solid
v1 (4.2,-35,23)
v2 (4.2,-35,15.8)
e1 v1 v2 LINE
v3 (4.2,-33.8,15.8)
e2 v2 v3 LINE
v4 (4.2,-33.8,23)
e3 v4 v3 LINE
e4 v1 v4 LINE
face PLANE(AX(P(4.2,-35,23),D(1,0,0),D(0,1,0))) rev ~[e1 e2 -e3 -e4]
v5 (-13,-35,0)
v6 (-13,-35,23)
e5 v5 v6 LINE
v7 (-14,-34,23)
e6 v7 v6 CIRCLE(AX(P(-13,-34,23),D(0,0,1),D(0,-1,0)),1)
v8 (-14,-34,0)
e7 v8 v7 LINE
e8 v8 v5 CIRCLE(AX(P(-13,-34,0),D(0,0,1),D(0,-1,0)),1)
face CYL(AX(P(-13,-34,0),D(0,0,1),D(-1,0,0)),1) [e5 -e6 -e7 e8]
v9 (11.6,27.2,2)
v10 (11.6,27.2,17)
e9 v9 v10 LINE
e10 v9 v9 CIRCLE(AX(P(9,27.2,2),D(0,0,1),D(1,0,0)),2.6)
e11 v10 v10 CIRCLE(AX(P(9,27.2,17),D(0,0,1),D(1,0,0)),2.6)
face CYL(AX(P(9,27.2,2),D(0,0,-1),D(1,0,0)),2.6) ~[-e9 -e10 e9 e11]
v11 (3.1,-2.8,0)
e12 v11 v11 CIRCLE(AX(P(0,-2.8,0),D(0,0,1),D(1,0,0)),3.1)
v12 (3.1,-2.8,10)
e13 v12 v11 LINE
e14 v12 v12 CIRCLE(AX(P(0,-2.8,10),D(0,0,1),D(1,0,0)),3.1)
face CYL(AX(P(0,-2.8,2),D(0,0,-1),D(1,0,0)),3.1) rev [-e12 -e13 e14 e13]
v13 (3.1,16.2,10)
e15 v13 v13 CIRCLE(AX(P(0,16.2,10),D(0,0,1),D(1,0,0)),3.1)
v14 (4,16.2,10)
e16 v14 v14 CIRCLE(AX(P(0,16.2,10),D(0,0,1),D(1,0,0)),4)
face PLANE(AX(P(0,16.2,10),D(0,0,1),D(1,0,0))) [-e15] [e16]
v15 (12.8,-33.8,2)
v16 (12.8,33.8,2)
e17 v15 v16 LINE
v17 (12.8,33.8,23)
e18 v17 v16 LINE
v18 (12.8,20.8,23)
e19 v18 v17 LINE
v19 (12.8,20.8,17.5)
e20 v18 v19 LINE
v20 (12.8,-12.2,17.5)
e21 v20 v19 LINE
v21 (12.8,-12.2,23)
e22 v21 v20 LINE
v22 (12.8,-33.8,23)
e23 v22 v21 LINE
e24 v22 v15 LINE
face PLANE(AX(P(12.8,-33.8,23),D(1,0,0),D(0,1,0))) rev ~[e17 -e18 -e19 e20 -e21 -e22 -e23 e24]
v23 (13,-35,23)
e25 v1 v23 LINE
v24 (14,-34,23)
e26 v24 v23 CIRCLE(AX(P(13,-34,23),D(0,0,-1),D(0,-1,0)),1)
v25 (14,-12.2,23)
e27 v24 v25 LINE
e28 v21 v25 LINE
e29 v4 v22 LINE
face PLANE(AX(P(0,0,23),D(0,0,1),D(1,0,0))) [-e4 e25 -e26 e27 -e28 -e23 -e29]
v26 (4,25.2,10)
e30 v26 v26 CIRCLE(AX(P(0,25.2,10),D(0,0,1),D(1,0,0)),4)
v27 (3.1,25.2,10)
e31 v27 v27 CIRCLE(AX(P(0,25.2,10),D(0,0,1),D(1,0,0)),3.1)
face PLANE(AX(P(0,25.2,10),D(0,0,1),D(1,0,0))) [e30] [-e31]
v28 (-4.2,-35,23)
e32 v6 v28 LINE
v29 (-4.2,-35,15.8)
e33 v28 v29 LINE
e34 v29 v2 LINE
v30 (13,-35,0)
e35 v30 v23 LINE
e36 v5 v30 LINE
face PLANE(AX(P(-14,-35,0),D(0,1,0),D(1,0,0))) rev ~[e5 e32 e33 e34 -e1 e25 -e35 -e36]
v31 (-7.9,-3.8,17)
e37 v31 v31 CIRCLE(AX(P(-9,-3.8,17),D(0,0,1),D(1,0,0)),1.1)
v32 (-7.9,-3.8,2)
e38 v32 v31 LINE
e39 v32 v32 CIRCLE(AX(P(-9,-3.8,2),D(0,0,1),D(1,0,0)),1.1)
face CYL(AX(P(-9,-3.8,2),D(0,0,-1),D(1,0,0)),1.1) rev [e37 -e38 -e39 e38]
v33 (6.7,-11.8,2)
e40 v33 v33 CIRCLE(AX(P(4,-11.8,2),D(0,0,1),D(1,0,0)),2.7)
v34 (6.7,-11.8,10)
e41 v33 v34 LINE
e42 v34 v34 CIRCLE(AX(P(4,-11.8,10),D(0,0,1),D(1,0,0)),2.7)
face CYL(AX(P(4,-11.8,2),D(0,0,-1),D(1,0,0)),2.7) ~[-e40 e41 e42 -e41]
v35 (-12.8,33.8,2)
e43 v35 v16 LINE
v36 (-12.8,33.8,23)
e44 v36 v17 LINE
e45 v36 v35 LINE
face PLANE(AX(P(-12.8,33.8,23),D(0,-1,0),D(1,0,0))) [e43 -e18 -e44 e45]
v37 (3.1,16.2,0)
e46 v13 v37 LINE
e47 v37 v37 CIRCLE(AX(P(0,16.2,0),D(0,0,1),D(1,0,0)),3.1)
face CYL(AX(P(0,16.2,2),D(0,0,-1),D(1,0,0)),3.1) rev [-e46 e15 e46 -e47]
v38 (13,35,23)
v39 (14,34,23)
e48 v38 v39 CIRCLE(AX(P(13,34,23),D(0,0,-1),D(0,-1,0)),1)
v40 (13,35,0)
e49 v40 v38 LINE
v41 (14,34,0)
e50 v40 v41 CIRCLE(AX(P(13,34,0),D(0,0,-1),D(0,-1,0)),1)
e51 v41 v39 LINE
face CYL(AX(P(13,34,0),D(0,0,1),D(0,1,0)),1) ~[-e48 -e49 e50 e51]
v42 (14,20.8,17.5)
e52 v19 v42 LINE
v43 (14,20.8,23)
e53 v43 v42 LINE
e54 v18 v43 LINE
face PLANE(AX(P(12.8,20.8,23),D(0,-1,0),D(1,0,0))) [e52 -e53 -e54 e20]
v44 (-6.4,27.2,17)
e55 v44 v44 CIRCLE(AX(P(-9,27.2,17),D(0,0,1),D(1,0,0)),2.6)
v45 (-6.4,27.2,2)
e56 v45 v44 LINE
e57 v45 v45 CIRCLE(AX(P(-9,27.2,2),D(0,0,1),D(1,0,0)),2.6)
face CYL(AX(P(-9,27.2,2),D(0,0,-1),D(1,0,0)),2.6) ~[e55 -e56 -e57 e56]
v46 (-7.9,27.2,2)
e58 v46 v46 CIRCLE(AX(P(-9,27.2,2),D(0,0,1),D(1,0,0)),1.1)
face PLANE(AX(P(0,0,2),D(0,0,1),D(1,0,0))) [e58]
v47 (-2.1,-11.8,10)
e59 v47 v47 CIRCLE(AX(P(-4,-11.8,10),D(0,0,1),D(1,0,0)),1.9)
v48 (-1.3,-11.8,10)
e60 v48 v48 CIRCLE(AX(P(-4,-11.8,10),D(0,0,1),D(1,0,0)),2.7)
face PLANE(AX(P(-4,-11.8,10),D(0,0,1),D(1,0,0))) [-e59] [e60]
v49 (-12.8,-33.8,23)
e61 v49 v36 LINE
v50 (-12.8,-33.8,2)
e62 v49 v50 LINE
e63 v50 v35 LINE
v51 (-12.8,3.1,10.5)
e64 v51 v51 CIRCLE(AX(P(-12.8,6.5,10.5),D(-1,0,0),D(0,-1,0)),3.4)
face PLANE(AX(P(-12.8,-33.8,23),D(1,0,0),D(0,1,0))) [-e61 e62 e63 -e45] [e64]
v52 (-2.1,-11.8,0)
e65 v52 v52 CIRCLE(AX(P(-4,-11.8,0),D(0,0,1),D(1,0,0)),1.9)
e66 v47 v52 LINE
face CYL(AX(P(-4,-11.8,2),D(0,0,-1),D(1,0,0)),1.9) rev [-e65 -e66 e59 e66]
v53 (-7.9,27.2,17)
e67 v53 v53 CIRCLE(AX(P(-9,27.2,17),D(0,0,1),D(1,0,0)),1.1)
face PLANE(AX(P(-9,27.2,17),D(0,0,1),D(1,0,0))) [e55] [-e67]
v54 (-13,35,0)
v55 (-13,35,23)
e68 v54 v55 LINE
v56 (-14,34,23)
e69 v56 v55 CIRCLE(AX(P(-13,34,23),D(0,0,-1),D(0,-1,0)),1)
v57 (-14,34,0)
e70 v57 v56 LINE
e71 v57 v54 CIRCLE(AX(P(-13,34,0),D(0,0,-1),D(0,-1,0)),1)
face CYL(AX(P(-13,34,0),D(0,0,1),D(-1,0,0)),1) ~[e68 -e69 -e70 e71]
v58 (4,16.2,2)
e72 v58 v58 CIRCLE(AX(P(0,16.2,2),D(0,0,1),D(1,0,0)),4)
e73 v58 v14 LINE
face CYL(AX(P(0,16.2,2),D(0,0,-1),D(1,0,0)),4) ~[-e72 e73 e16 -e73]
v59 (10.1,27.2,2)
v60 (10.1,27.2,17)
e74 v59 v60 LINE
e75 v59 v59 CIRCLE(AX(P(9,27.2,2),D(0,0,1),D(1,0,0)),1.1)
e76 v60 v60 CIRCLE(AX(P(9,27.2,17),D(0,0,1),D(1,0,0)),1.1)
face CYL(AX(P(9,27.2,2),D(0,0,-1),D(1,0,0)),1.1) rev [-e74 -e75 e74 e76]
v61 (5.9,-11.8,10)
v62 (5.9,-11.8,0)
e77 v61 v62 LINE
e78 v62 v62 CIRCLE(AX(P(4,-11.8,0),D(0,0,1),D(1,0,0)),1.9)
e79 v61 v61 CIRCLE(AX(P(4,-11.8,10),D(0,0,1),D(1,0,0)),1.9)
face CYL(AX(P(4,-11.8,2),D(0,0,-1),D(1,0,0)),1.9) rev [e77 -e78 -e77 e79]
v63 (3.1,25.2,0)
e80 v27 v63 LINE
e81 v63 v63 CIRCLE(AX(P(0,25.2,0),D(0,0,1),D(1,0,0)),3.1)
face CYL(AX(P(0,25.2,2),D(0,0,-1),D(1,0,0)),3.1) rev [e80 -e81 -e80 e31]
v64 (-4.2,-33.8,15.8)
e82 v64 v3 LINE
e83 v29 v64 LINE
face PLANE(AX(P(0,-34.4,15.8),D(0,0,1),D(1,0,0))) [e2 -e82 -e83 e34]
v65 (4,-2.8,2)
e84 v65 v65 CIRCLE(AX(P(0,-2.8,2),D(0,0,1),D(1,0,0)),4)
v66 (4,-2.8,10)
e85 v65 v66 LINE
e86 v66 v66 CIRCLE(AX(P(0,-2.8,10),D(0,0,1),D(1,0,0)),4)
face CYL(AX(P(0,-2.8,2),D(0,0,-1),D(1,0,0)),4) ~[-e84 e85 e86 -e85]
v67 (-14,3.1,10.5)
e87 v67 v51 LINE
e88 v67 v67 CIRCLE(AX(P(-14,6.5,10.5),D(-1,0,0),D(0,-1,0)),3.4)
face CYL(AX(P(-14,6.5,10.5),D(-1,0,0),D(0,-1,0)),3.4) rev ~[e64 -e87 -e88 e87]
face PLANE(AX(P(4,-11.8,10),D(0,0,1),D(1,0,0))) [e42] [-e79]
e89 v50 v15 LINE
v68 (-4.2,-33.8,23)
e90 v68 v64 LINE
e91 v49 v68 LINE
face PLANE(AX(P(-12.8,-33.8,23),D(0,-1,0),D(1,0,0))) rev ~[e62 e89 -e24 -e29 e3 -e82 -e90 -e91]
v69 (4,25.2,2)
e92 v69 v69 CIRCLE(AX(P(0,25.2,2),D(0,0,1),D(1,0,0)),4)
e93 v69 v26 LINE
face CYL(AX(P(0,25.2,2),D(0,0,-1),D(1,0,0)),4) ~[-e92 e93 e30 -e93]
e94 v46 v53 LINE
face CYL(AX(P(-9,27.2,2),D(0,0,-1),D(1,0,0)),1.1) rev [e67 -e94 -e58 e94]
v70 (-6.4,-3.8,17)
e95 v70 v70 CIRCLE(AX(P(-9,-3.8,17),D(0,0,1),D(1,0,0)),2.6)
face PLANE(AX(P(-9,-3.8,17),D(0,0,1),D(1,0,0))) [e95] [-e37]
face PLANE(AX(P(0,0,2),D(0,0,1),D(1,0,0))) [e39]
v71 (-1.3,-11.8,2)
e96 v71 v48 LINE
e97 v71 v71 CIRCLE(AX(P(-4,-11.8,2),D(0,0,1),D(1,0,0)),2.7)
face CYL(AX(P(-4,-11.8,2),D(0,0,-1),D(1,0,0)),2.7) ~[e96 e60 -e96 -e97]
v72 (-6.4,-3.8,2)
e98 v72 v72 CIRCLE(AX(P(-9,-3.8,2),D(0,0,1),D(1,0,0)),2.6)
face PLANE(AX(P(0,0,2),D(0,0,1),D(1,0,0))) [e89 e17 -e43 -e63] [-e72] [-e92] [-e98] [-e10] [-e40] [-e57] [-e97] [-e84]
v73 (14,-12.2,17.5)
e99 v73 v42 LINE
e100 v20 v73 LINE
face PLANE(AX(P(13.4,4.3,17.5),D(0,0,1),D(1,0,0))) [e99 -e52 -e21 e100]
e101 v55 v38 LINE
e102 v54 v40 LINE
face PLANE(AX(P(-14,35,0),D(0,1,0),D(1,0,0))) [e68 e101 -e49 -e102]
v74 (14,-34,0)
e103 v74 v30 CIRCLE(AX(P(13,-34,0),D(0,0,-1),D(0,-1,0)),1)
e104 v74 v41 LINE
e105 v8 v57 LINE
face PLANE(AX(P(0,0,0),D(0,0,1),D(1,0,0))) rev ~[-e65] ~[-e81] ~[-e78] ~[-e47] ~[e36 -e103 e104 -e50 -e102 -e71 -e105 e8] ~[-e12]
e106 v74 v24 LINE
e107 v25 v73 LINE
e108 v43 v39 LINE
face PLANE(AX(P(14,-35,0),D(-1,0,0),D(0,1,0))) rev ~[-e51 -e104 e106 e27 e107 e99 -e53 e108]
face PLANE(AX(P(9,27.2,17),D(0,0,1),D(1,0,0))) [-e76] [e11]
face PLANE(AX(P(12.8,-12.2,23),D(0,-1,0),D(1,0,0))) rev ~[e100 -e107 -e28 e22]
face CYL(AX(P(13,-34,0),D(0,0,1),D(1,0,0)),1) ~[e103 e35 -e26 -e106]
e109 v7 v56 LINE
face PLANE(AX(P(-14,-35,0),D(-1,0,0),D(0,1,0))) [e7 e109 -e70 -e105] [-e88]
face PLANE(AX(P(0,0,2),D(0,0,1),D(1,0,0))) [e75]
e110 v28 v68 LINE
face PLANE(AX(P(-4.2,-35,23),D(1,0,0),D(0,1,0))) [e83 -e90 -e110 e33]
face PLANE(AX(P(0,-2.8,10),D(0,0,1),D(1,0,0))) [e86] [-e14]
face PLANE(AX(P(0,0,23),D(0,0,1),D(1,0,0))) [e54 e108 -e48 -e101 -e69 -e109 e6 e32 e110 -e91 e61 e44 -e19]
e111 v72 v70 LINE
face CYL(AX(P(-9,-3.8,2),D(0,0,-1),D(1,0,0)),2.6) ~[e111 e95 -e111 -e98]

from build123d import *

# Parameters (mm, degrees)
SKETCH_W        = 28
SKETCH_H        = 70
PAD_DEPTH       = 23
SKETCH001_W     = 25.6
SKETCH001_H     = 67.6
POCKET_DEPTH    = 21
SKETCH002_W     = 1.2
SKETCH002_H     = 33
POCKET001_DEPTH = 5.5
SKETCH003_R     = 2.6
SKETCH003_R_2   = 1.1
PAD001_DEPTH    = 15
SKETCH004_R     = 3.1
SKETCH004_R_2   = 1.9
POCKET002_DEPTH = 2
SKETCH005_R     = 4
SKETCH005_R_2   = 3.1
SKETCH005_R_3   = 2.7
SKETCH005_R_4   = 1.9
PAD002_DEPTH    = 8
SKETCH006_W     = 8.4
SKETCH006_H     = 1.2
POCKET003_DEPTH = 7.2
SKETCH007_R     = 3.4
POCKET004_DEPTH = 2
FILLET_R        = 1


with BuildPart() as part:
    # Sketch → Pad (new body)
    with BuildSketch(Plane.XY):
        Rectangle(SKETCH_W, SKETCH_H)
    extrude(amount=PAD_DEPTH)

    # Sketch001 → Pocket (cut)
    with BuildSketch(Plane.XY.offset(23)):
        Rectangle(SKETCH001_W, SKETCH001_H)
    extrude(amount=-POCKET_DEPTH, mode=Mode.SUBTRACT)

    # Sketch002 → Pocket001 (cut)
    with BuildSketch(Plane.XY.offset(23)):
        with Locations((13.4, 4.3)):
            Rectangle(SKETCH002_W, SKETCH002_H)
    extrude(amount=-POCKET001_DEPTH, mode=Mode.SUBTRACT)

    # Sketch003 → Pad001 (new body)
    with BuildSketch(Plane.XY.offset(2)):
        with Locations((-9, -3.8)):
            Circle(SKETCH003_R)
        with Locations((-9, -3.8)):
            Circle(SKETCH003_R_2, mode=Mode.SUBTRACT)
        with Locations((-9, 27.2)):
            Circle(SKETCH003_R)
        with Locations((-9, 27.2)):
            Circle(SKETCH003_R_2, mode=Mode.SUBTRACT)
        with Locations((9, 27.2)):
            Circle(SKETCH003_R)
        with Locations((9, 27.2)):
            Circle(SKETCH003_R_2, mode=Mode.SUBTRACT)
    extrude(amount=PAD001_DEPTH)

    # Sketch004 → Pocket002 (cut)
    with BuildSketch(Plane.XY.offset(2)):
        with Locations((0, 25.2)):
            Circle(SKETCH004_R)
        with Locations((0, 16.2)):
            Circle(SKETCH004_R)
        with Locations((0, -2.8)):
            Circle(SKETCH004_R)
        with Locations((-4, -11.8)):
            Circle(SKETCH004_R_2)
        with Locations((4, -11.8)):
            Circle(SKETCH004_R_2)
    extrude(amount=-POCKET002_DEPTH, mode=Mode.SUBTRACT)

    # Sketch005 → Pad002 (new body)
    with BuildSketch(Plane.XY.offset(2)):
        with Locations((0, 25.2)):
            Circle(SKETCH005_R)
        with Locations((0, 25.2)):
            Circle(SKETCH005_R_2, mode=Mode.SUBTRACT)
        with Locations((0, 16.2)):
            Circle(SKETCH005_R)
        with Locations((0, 16.2)):
            Circle(SKETCH005_R_2, mode=Mode.SUBTRACT)
        with Locations((0, -2.8)):
            Circle(SKETCH005_R)
        with Locations((0, -2.8)):
            Circle(SKETCH005_R_2, mode=Mode.SUBTRACT)
        with Locations((-4, -11.8)):
            Circle(SKETCH005_R_3)
        with Locations((-4, -11.8)):
            Circle(SKETCH005_R_4, mode=Mode.SUBTRACT)
        with Locations((4, -11.8)):
            Circle(SKETCH005_R_3)
        with Locations((4, -11.8)):
            Circle(SKETCH005_R_4, mode=Mode.SUBTRACT)
    extrude(amount=PAD002_DEPTH)

    # Sketch006 → Pocket003 (cut)
    with BuildSketch(Plane.XY.offset(23)):
        with Locations((0, -34.4)):
            Rectangle(SKETCH006_W, SKETCH006_H)
    extrude(amount=-POCKET003_DEPTH, mode=Mode.SUBTRACT)

    # Sketch007 → Pocket004 (cut)
    with BuildSketch(Plane(origin=(-14, 0, 0), x_dir=(0, -1, 0), z_dir=(-1, 0, 0))):
        with Locations((-6.5, 10.5)):
            Circle(SKETCH007_R)
    extrude(amount=-POCKET004_DEPTH, mode=Mode.SUBTRACT)

    # Fillet
    fillet_edges = [part.edges().sort_by_distance(p)[0] for p in [
        (-14, 35, 11.5),
        (-14, -35, 11.5),
        (14, -35, 11.5),
        (14, 35, 11.5),
    ]]
    fillet(fillet_edges, radius=FILLET_R)


solid = part.part
